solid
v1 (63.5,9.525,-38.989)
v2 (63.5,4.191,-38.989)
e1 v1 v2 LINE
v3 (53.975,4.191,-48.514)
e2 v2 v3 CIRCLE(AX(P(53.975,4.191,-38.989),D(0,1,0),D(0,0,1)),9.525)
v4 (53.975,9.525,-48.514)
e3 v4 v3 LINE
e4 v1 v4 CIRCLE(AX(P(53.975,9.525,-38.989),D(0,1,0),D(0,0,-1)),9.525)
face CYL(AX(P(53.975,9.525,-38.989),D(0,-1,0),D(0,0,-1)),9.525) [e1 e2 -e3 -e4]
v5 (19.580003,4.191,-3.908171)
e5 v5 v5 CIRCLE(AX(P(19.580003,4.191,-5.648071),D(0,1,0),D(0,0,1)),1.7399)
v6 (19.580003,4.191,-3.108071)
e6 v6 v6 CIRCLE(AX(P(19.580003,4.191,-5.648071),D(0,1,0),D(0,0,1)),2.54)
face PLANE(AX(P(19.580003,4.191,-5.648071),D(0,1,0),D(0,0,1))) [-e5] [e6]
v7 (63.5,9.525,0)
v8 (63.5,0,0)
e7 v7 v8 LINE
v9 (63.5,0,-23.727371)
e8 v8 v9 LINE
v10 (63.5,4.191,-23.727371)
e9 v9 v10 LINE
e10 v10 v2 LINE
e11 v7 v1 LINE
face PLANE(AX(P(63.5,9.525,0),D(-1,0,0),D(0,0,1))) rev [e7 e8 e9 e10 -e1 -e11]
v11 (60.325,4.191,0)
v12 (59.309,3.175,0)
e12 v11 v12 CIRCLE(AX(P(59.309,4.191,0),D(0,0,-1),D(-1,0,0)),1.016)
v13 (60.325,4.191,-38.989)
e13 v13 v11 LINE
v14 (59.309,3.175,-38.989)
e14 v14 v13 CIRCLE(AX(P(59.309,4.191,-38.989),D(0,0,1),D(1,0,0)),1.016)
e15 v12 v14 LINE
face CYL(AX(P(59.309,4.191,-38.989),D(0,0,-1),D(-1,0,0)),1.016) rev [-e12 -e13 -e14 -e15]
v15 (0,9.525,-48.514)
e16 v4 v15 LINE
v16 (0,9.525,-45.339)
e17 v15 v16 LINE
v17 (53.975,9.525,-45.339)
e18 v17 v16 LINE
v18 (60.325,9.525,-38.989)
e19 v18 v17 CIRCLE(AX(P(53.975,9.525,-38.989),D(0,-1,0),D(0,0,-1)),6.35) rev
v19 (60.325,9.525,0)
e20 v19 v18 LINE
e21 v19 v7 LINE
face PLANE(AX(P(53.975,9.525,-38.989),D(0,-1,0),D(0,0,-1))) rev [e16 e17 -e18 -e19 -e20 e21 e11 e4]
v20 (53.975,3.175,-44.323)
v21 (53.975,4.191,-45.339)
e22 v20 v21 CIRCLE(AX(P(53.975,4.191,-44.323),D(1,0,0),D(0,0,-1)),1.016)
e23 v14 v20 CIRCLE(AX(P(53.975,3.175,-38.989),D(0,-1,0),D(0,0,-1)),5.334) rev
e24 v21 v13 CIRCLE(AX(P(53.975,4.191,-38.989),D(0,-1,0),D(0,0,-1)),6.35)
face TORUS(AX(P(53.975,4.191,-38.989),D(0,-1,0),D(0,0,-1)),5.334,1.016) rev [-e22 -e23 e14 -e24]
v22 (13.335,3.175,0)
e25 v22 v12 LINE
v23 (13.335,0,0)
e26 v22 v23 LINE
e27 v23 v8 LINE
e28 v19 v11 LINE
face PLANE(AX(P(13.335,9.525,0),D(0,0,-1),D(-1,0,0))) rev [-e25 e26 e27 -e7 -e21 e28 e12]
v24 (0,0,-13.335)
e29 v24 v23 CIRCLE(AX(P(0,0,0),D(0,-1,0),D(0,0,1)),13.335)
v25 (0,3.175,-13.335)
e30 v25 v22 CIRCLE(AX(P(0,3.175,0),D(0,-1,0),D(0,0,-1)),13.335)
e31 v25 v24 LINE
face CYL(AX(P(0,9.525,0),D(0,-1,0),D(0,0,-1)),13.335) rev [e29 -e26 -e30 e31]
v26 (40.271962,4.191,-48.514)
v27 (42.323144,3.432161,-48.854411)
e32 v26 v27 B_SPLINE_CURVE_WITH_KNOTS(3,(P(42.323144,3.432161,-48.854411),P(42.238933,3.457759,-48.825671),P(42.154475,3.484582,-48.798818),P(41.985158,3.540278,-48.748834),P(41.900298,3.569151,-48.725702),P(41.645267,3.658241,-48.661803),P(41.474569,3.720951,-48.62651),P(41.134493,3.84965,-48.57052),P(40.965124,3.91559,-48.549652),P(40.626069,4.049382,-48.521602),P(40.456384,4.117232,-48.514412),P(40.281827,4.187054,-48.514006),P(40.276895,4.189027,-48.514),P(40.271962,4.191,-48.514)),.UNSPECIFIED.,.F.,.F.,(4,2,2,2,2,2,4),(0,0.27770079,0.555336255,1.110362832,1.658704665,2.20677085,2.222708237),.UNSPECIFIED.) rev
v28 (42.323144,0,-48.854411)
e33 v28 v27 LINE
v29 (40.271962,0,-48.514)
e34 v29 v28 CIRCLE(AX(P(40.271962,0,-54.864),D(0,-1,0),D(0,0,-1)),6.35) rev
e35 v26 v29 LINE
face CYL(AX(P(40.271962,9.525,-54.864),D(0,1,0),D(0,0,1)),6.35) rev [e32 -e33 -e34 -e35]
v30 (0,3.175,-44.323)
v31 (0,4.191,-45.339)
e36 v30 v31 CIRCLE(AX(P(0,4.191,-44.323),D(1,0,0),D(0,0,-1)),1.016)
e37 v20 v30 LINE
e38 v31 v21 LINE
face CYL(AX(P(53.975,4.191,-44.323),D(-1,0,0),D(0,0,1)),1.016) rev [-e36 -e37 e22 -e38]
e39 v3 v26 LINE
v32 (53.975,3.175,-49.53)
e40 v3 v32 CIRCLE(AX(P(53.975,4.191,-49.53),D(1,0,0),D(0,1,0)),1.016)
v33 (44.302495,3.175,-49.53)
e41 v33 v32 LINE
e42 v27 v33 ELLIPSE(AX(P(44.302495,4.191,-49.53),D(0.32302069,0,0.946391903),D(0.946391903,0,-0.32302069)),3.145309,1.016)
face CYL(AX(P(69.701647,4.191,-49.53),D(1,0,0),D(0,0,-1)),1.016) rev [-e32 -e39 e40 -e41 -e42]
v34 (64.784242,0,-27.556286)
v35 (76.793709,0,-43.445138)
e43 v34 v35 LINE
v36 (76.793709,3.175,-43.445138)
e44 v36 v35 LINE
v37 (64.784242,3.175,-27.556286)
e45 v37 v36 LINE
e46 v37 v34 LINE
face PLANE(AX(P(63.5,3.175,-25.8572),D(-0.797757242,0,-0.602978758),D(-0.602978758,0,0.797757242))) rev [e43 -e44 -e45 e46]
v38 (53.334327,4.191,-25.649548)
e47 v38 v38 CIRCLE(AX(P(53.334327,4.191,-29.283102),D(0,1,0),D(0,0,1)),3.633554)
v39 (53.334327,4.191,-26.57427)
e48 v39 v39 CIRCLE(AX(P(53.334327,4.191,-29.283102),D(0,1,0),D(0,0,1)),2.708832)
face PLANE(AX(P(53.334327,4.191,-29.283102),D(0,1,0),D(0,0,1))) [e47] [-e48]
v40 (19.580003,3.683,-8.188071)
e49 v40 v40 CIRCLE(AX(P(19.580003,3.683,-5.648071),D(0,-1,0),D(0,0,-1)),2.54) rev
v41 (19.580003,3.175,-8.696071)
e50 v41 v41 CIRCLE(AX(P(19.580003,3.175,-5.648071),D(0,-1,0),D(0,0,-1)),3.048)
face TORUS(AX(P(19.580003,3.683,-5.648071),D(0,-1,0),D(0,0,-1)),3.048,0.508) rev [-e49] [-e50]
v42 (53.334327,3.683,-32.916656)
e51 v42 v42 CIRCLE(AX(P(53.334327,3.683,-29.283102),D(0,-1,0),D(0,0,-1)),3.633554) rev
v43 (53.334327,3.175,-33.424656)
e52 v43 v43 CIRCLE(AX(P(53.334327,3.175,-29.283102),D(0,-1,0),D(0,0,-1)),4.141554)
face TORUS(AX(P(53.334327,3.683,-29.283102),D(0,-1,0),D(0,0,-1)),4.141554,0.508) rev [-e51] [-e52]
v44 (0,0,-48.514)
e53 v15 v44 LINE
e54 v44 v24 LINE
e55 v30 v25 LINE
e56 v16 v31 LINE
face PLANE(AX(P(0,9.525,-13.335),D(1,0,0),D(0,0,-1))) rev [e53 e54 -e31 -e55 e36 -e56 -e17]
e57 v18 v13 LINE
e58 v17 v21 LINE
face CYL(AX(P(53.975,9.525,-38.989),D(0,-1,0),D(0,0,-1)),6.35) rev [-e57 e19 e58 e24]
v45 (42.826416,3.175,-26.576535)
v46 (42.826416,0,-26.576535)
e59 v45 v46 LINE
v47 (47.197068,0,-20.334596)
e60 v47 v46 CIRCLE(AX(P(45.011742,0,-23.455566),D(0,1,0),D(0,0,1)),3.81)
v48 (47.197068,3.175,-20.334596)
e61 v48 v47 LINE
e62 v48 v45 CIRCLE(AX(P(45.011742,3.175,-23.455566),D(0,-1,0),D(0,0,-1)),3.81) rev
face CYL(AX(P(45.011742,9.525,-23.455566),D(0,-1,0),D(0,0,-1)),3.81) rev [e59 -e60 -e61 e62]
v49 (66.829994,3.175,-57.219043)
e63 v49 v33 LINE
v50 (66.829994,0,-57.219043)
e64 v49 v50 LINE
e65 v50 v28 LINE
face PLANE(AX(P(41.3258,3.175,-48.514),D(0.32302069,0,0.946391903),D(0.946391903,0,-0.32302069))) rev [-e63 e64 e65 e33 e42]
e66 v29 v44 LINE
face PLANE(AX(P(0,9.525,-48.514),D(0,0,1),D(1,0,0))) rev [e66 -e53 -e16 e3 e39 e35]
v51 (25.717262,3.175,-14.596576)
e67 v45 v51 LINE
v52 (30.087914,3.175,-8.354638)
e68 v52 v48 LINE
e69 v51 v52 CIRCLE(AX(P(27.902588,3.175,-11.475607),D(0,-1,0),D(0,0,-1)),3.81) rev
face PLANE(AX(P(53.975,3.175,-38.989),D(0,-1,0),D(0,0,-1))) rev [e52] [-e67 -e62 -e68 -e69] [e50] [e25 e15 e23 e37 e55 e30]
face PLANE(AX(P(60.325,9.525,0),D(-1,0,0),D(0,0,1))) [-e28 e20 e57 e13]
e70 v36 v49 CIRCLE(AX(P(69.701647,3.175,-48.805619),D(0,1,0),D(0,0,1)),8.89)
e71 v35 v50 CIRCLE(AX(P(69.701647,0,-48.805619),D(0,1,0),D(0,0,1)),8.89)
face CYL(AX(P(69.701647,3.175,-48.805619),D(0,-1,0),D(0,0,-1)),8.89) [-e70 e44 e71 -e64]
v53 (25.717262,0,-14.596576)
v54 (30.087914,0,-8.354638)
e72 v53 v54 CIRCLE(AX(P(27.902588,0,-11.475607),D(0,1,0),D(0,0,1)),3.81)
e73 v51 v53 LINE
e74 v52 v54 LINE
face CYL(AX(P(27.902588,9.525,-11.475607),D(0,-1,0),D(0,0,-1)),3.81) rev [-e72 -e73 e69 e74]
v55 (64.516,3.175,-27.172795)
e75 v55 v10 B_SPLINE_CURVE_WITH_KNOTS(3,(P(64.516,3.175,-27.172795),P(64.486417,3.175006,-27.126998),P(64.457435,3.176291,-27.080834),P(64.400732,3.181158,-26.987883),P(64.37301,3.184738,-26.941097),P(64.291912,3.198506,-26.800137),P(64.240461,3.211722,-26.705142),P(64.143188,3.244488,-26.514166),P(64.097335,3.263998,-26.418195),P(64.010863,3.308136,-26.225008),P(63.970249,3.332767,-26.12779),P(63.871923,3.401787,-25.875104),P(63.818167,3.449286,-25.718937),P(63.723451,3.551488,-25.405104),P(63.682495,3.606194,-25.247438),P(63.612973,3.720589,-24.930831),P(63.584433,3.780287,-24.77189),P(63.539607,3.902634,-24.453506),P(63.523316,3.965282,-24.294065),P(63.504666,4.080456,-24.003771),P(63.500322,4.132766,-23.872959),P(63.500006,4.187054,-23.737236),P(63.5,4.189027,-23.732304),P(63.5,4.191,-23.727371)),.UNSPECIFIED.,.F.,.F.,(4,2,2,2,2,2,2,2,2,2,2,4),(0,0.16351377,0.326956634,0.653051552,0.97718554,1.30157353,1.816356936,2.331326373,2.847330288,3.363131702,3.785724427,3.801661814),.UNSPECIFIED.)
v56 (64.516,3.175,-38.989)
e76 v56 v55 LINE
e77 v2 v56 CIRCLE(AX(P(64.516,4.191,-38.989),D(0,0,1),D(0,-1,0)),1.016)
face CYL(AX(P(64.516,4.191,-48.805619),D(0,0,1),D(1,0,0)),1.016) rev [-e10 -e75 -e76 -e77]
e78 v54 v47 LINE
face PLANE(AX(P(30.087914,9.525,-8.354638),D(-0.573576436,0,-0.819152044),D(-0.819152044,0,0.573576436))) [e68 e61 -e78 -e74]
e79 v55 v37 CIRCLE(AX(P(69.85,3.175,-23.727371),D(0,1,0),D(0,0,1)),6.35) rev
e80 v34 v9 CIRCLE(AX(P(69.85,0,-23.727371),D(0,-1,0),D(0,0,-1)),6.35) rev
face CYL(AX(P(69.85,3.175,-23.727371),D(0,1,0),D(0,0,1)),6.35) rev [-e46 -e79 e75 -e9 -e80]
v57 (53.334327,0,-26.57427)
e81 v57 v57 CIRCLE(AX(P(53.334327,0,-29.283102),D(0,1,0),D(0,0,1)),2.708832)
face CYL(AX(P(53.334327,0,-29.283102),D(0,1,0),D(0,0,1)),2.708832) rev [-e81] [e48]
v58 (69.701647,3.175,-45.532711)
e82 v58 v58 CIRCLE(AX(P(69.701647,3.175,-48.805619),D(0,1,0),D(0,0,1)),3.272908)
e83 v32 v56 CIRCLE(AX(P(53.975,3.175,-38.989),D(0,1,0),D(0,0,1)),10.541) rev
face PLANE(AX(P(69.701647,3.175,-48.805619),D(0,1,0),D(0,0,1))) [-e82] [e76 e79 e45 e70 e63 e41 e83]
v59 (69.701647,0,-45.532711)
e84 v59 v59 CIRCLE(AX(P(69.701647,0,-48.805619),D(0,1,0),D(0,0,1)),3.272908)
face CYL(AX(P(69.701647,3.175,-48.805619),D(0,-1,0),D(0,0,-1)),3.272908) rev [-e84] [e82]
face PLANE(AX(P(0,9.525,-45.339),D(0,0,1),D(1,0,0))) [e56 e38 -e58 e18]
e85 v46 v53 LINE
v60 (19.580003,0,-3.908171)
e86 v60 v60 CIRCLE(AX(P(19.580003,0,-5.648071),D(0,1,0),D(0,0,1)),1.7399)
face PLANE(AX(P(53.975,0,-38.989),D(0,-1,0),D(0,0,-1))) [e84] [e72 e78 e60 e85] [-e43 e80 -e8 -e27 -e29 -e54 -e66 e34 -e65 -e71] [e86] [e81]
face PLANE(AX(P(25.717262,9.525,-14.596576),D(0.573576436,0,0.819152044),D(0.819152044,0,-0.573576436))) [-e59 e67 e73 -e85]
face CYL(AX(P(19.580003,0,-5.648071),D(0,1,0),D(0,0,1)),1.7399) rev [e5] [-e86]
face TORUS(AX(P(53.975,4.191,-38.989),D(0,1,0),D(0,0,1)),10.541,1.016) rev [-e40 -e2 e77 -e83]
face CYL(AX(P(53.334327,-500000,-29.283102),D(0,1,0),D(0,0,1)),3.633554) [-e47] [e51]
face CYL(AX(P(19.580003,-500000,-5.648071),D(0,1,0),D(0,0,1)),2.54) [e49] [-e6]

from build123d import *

# Parameters (mm, degrees)
EXTRUDE1_DEPTH = 9.525
SHELL1_T       = -3.175
SKETCH4_R      = 3.2729084122023364
EXTRUDE2_DEPTH = 3.175
FILLET1_R      = 6.35
FILLET2_R      = 1.016
EXTRUDE3_REACH = 99.642
SKETCH5_R      = 3.633554116992031
SKETCH5_R_2    = 2.5400000000000023
SKETCH6_R      = 2.7088319516261428
SKETCH6_R_2    = 1.739899999999999
EXTRUDE4_DEPTH = 98.64160513278141
FILLET3_R      = 0.508


with BuildPart() as part:
    # Sketch1 → Extrude1 (new body)
    with BuildSketch(Plane(origin=(0, 0, 0), x_dir=(1, 0, 0), z_dir=(0, 1, 0))):
        with BuildLine():
            Line((13.334999999999999, 0), (63.5, 0))
            Line((63.5, 0), (63.5, 38.988999999999926))
            ThreePointArc((63.5, 38.988999999999926), (60.71019209080187, 45.724192090801864), (53.97499999999993, 48.513999999999996))
            Line((53.97499999999993, 48.513999999999996), (0, 48.513999999999996))
            Line((0, 48.513999999999996), (0, 13.334999999999999))
            ThreePointArc((0, 13.334999999999999), (9.429268927122612, 9.42926892712261), (13.334999999999999, 0))
        make_face()
        with BuildLine():
            Line((25.717261934170715, 14.596576467420496), (42.82641557504918, 26.576534819151746))
            ThreePointArc((42.82641557504918, 26.576534819151746), (48.13271108628772, 25.640891752908175), (47.19706802004417, 20.334596241669633))
            Line((47.19706802004417, 20.334596241669633), (30.087914379165696, 8.354637889938386))
            ThreePointArc((30.087914379165696, 8.354637889938386), (24.78161886792715, 9.29028095618195), (25.717261934170715, 14.596576467420496))
        make_face(mode=Mode.SUBTRACT)
    extrude(amount=EXTRUDE1_DEPTH)

    # Shell1
    shell1_openings = [part.faces().sort_by_distance(p)[0] for p in [
        (38.4175, 4.7625, 0),
        (9.429268927, 4.7625, -9.429268927),
        (0, 4.7625, -30.9245),
        (32.524178478, 9.525, -25.566315858),
        (24.781618868, 4.7625, -9.290280956),
        (38.6424912, 4.7625, -14.344617066),
        (48.132711086, 4.7625, -25.640891753),
        (34.271838755, 4.7625, -20.586555643),
    ]]
    offset(amount=SHELL1_T, openings=shell1_openings, kind=Kind.INTERSECTION)

    # Sketch4 → Extrude2 (add)
    with BuildSketch(Plane(origin=(0, 0, 0), x_dir=(1, 0, 0), z_dir=(0, 1, 0))):
        with BuildLine():
            Line((41.325799999999994, 48.513999999999996), (66.82999351166346, 57.21904298473958))
            ThreePointArc((66.82999351166346, 57.21904298473958), (76.90463826764335, 54.01609142946003), (76.79370933191484, 43.445137811366784))
            Line((76.79370933191484, 43.445137811366784), (63.5, 25.8572))
            Line((63.5, 25.8572), (63.5, 38.988999999999926))
            ThreePointArc((63.5, 38.988999999999926), (60.71019209080187, 45.724192090801864), (53.97499999999993, 48.513999999999996))
            Line((53.97499999999993, 48.513999999999996), (41.325799999999994, 48.513999999999996))
        make_face()
        with Locations(Location((69.70164744855023, 48.8056189691106, 0), (0, 0, 270))):
            Circle(SKETCH4_R, mode=Mode.SUBTRACT)
    extrude(amount=EXTRUDE2_DEPTH)

    # Fillet1
    fillet1_edges = [part.edges().sort_by_distance(p)[0] for p in [
        (41.325799999999994, 1.5875, -48.513999999999996),
        (63.5, 1.5875, -25.8572),
    ]]
    fillet(fillet1_edges, radius=FILLET1_R)

    # Fillet2
    fillet2_edges = [part.edges().sort_by_distance(p)[0] for p in [
        (47.12348109415911, 3.175, -48.513999999999996),
        (26.987500000000004, 3.175, -45.339),
        (58.46512806053458, 3.175, -43.47912806053458),
        (60.325, 3.175, -19.494500000000002),
        (60.71019209080187, 3.175, -45.724192090801864),
        (63.5, 3.175, -31.358185610352162),
    ]]
    fillet(fillet2_edges, radius=FILLET2_R)

    # Sketch5 → Extrude3 (add, up to next)
    with BuildSketch(Plane(origin=(0, 4.191000000000001, 0), x_dir=(-1, 0, 0), z_dir=(0, 1, 0)), mode=Mode.PRIVATE) as extrude3_sk1:
        with Locations(Location((-53.334326567522815, -29.283102123737322, 0), (0, 0, 90))):
            Circle(SKETCH5_R)
    extrude3_tool1 = extrude(extrude3_sk1.sketch, amount=-EXTRUDE3_REACH, mode=Mode.PRIVATE) - part.part
    # Sketch5 → Extrude3 (add, up to next)
    with BuildSketch(Plane(origin=(0, 4.191000000000001, 0), x_dir=(-1, 0, 0), z_dir=(0, 1, 0)), mode=Mode.PRIVATE) as extrude3_sk2:
        with Locations(Location((-19.58000338669206, -5.648070585352799, 0), (0, 0, 90))):
            Circle(SKETCH5_R_2)
    extrude3_tool2 = extrude(extrude3_sk2.sketch, amount=-EXTRUDE3_REACH, mode=Mode.PRIVATE) - part.part
    add(extrude3_tool1.solids().sort_by_distance((53.334327, 4.191, -29.283102))[0])
    add(extrude3_tool2.solids().sort_by_distance((19.580003, 4.191, -5.648071))[0])

    # Sketch6 → Extrude4 (cut, through all)
    with BuildSketch(Plane(origin=(0, 4.191000000000001, 0), x_dir=(-1, 0, 0), z_dir=(0, 1, 0))):
        with Locations(Location((-53.334326567522815, -29.283102123737322, 0), (0, 0, 90))):
            Circle(SKETCH6_R)
        with Locations(Location((-19.58000338669206, -5.648070585352799, 0), (0, 0, 90))):
            Circle(SKETCH6_R_2)
    extrude(amount=-EXTRUDE4_DEPTH, mode=Mode.SUBTRACT)

    # Fillet3
    fillet3_edges = [part.edges().sort_by_distance(p)[0] for p in [
        (19.58000338669206, 3.175, -8.1880705853528),
        (53.334326567522815, 3.175, -32.91665624072935),
    ]]
    fillet(fillet3_edges, radius=FILLET3_R)


solid = part.part
